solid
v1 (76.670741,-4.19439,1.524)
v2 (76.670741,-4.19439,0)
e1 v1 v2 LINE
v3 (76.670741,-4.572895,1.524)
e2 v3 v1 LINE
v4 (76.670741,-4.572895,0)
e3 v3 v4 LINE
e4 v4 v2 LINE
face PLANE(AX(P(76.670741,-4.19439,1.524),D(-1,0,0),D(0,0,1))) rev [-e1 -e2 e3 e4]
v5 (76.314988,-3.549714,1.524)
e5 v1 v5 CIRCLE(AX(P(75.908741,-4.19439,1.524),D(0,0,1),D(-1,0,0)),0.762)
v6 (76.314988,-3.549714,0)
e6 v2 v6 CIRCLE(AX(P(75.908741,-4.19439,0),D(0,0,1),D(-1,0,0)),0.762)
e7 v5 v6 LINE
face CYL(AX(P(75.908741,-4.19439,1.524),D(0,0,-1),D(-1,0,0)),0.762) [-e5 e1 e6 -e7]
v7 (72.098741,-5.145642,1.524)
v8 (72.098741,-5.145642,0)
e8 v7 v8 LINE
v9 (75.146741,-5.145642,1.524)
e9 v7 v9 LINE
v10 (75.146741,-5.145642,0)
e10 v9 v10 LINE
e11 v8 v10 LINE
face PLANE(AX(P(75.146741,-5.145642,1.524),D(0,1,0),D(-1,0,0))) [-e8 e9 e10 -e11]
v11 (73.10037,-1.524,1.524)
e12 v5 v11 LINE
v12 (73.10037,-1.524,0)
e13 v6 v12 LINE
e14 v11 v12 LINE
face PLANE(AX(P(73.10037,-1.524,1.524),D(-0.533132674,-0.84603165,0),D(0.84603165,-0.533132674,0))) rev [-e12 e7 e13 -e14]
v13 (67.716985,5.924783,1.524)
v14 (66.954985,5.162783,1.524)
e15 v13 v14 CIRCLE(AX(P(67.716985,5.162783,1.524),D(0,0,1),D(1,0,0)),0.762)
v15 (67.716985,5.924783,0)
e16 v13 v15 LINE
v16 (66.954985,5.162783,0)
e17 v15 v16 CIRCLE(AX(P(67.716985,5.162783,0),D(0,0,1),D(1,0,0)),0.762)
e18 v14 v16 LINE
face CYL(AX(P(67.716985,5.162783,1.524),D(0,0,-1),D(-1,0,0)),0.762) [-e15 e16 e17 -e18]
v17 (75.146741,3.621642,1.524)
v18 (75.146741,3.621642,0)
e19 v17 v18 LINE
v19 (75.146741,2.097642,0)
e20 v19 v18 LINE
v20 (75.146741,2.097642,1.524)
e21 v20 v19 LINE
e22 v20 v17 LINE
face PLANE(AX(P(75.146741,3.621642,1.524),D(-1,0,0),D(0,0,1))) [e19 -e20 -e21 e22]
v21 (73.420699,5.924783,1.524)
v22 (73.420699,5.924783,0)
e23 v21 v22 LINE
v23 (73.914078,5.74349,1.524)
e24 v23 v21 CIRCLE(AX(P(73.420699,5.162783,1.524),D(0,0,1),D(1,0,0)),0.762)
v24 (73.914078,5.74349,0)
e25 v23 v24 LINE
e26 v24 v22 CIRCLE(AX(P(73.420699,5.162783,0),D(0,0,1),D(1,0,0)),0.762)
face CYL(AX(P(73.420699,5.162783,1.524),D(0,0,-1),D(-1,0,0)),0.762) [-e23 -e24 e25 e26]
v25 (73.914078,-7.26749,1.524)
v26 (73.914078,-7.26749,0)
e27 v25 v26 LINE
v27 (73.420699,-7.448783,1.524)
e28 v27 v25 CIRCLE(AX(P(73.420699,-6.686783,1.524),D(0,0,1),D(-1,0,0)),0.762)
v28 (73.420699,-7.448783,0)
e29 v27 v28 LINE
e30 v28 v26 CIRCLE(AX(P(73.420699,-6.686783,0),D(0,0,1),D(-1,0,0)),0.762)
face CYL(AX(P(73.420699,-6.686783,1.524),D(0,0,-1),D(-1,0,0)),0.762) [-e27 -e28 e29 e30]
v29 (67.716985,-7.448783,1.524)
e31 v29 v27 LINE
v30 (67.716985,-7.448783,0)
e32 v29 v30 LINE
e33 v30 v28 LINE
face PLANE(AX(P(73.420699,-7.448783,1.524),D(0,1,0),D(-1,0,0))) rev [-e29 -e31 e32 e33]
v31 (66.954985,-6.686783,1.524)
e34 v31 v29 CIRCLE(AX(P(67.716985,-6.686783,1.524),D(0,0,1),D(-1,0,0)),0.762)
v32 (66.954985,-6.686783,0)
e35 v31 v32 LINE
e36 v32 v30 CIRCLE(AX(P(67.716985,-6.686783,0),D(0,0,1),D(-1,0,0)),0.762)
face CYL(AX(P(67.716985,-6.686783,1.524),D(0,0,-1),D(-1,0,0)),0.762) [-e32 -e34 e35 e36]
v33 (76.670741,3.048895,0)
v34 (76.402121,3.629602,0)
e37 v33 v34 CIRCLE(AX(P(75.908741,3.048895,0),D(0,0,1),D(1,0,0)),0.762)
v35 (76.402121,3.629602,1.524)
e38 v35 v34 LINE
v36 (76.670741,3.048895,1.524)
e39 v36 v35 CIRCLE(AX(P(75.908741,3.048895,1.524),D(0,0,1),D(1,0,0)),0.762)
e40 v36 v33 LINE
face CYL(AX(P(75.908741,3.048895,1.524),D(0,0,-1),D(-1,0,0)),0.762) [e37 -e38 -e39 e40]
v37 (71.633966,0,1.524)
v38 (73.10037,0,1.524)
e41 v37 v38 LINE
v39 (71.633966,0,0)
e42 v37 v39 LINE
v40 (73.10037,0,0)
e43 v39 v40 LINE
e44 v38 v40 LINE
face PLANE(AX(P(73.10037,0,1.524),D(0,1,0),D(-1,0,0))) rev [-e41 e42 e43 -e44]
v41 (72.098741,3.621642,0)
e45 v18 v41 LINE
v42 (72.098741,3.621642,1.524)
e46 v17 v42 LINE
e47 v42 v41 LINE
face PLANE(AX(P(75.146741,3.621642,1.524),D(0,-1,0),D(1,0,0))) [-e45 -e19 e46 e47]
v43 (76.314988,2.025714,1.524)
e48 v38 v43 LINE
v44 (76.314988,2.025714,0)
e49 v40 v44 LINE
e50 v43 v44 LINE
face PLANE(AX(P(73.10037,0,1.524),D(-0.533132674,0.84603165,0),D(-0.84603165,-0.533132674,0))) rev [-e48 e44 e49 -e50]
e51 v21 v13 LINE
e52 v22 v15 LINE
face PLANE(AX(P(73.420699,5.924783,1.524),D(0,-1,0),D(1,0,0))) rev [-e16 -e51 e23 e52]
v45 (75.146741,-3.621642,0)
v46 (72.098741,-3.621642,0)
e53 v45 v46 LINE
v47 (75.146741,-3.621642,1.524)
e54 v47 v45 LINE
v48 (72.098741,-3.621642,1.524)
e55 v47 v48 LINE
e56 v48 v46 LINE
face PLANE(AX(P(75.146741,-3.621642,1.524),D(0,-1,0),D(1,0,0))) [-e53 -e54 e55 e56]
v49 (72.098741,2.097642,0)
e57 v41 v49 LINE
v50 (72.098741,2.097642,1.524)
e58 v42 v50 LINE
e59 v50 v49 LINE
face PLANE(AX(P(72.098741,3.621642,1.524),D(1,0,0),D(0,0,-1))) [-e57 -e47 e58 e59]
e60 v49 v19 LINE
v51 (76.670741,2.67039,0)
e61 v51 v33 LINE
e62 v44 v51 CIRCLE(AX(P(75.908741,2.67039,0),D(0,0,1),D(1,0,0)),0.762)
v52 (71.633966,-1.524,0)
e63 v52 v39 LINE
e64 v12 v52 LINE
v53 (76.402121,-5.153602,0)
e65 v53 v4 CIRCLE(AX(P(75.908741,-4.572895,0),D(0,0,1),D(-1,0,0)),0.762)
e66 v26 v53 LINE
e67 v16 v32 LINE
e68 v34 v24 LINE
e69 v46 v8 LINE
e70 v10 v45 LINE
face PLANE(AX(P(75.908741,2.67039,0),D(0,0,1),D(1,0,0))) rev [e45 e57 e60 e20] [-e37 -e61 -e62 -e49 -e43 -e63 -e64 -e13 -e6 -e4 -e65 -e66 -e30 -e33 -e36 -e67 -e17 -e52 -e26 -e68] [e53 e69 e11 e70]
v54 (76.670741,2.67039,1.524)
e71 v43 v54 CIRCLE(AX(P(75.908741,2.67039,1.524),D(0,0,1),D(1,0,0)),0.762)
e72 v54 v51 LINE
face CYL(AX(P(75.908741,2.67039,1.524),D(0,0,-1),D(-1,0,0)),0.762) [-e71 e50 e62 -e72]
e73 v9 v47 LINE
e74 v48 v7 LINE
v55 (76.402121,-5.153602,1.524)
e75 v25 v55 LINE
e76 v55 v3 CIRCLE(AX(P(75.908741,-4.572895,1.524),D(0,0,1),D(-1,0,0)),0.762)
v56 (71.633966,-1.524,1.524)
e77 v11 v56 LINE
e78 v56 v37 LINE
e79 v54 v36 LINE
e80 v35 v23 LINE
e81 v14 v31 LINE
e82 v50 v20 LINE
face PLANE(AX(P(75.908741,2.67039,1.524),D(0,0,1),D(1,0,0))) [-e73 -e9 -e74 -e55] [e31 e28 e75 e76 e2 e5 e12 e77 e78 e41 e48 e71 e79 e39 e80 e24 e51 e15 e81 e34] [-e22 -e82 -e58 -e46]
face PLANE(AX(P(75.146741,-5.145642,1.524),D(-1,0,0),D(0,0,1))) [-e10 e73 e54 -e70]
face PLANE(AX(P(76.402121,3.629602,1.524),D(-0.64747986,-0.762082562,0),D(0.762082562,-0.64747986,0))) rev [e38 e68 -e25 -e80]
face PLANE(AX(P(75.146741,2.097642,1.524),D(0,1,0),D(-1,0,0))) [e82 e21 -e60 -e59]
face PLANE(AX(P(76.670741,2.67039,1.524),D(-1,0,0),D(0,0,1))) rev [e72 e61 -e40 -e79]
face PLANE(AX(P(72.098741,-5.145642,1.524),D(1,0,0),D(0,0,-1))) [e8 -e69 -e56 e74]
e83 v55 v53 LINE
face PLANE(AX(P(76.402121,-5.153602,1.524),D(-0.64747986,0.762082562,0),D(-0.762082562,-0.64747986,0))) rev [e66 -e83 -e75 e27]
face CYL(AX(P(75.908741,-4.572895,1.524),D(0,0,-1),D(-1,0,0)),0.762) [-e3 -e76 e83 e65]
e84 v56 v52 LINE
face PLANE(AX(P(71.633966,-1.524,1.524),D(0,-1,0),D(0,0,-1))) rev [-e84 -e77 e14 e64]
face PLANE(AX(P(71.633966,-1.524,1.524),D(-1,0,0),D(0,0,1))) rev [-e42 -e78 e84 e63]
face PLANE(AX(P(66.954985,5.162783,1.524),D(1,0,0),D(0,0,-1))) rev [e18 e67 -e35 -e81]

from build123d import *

# Parameters (mm, degrees)
SKETCH1_W           = 3.048
SKETCH1_H           = 1.524
BOSS_EXTRUDE1_DEPTH = 1.524


with BuildPart() as part:
    # Sketch1 → Boss-Extrude1 (new body)
    with BuildSketch(Plane.XY):
        with BuildLine():
            Line((71.633966028, -1.524), (73.100370076, -1.524))
            Line((73.100370076, -1.524), (76.314988323, -3.549713839))
            ThreePointArc((76.314988323, -3.549713839), (76.575900985, -3.82622986), (76.670741226, -4.194389956))
            Line((76.670741226, -4.194389956), (76.670741226, -4.572894715))
            ThreePointArc((76.670741226, -4.572894715), (76.600333337, -4.892807754), (76.402120879, -5.153601627))
            Line((76.402120879, -5.153601627), (73.914078319, -7.267489978))
            ThreePointArc((73.914078319, -7.267489978), (73.683515458, -7.402025217), (73.420698665, -7.448783066))
            Line((73.420698665, -7.448783066), (67.716985472, -7.448783066))
            ThreePointArc((67.716985472, -7.448783066), (67.178170104, -7.225598434), (66.954985472, -6.686783066))
            Line((66.954985472, -6.686783066), (66.954985472, 5.162783066))
            ThreePointArc((66.954985472, 5.162783066), (67.178170104, 5.701598434), (67.716985472, 5.924783066))
            Line((67.716985472, 5.924783066), (73.420698665, 5.924783066))
            ThreePointArc((73.420698665, 5.924783066), (73.683515458, 5.878025217), (73.914078319, 5.743489978))
            Line((73.914078319, 5.743489978), (76.402120879, 3.629601627))
            ThreePointArc((76.402120879, 3.629601627), (76.600333337, 3.368807754), (76.670741226, 3.048894715))
            Line((76.670741226, 3.048894715), (76.670741226, 2.670389956))
            ThreePointArc((76.670741226, 2.670389956), (76.575900985, 2.30222986), (76.314988323, 2.025713839))
            Line((76.314988323, 2.025713839), (73.100370076, 0))
            Line((73.100370076, 0), (71.633966028, 0))
            Line((71.633966028, 0), (71.633966028, -1.524))
        make_face()
        with Locations((73.622741226, 2.859642336)):
            Rectangle(SKETCH1_W, SKETCH1_H, mode=Mode.SUBTRACT)
        with Locations((73.622741226, -4.383642336)):
            Rectangle(SKETCH1_W, SKETCH1_H, mode=Mode.SUBTRACT)
    extrude(amount=BOSS_EXTRUDE1_DEPTH)


solid = part.part
